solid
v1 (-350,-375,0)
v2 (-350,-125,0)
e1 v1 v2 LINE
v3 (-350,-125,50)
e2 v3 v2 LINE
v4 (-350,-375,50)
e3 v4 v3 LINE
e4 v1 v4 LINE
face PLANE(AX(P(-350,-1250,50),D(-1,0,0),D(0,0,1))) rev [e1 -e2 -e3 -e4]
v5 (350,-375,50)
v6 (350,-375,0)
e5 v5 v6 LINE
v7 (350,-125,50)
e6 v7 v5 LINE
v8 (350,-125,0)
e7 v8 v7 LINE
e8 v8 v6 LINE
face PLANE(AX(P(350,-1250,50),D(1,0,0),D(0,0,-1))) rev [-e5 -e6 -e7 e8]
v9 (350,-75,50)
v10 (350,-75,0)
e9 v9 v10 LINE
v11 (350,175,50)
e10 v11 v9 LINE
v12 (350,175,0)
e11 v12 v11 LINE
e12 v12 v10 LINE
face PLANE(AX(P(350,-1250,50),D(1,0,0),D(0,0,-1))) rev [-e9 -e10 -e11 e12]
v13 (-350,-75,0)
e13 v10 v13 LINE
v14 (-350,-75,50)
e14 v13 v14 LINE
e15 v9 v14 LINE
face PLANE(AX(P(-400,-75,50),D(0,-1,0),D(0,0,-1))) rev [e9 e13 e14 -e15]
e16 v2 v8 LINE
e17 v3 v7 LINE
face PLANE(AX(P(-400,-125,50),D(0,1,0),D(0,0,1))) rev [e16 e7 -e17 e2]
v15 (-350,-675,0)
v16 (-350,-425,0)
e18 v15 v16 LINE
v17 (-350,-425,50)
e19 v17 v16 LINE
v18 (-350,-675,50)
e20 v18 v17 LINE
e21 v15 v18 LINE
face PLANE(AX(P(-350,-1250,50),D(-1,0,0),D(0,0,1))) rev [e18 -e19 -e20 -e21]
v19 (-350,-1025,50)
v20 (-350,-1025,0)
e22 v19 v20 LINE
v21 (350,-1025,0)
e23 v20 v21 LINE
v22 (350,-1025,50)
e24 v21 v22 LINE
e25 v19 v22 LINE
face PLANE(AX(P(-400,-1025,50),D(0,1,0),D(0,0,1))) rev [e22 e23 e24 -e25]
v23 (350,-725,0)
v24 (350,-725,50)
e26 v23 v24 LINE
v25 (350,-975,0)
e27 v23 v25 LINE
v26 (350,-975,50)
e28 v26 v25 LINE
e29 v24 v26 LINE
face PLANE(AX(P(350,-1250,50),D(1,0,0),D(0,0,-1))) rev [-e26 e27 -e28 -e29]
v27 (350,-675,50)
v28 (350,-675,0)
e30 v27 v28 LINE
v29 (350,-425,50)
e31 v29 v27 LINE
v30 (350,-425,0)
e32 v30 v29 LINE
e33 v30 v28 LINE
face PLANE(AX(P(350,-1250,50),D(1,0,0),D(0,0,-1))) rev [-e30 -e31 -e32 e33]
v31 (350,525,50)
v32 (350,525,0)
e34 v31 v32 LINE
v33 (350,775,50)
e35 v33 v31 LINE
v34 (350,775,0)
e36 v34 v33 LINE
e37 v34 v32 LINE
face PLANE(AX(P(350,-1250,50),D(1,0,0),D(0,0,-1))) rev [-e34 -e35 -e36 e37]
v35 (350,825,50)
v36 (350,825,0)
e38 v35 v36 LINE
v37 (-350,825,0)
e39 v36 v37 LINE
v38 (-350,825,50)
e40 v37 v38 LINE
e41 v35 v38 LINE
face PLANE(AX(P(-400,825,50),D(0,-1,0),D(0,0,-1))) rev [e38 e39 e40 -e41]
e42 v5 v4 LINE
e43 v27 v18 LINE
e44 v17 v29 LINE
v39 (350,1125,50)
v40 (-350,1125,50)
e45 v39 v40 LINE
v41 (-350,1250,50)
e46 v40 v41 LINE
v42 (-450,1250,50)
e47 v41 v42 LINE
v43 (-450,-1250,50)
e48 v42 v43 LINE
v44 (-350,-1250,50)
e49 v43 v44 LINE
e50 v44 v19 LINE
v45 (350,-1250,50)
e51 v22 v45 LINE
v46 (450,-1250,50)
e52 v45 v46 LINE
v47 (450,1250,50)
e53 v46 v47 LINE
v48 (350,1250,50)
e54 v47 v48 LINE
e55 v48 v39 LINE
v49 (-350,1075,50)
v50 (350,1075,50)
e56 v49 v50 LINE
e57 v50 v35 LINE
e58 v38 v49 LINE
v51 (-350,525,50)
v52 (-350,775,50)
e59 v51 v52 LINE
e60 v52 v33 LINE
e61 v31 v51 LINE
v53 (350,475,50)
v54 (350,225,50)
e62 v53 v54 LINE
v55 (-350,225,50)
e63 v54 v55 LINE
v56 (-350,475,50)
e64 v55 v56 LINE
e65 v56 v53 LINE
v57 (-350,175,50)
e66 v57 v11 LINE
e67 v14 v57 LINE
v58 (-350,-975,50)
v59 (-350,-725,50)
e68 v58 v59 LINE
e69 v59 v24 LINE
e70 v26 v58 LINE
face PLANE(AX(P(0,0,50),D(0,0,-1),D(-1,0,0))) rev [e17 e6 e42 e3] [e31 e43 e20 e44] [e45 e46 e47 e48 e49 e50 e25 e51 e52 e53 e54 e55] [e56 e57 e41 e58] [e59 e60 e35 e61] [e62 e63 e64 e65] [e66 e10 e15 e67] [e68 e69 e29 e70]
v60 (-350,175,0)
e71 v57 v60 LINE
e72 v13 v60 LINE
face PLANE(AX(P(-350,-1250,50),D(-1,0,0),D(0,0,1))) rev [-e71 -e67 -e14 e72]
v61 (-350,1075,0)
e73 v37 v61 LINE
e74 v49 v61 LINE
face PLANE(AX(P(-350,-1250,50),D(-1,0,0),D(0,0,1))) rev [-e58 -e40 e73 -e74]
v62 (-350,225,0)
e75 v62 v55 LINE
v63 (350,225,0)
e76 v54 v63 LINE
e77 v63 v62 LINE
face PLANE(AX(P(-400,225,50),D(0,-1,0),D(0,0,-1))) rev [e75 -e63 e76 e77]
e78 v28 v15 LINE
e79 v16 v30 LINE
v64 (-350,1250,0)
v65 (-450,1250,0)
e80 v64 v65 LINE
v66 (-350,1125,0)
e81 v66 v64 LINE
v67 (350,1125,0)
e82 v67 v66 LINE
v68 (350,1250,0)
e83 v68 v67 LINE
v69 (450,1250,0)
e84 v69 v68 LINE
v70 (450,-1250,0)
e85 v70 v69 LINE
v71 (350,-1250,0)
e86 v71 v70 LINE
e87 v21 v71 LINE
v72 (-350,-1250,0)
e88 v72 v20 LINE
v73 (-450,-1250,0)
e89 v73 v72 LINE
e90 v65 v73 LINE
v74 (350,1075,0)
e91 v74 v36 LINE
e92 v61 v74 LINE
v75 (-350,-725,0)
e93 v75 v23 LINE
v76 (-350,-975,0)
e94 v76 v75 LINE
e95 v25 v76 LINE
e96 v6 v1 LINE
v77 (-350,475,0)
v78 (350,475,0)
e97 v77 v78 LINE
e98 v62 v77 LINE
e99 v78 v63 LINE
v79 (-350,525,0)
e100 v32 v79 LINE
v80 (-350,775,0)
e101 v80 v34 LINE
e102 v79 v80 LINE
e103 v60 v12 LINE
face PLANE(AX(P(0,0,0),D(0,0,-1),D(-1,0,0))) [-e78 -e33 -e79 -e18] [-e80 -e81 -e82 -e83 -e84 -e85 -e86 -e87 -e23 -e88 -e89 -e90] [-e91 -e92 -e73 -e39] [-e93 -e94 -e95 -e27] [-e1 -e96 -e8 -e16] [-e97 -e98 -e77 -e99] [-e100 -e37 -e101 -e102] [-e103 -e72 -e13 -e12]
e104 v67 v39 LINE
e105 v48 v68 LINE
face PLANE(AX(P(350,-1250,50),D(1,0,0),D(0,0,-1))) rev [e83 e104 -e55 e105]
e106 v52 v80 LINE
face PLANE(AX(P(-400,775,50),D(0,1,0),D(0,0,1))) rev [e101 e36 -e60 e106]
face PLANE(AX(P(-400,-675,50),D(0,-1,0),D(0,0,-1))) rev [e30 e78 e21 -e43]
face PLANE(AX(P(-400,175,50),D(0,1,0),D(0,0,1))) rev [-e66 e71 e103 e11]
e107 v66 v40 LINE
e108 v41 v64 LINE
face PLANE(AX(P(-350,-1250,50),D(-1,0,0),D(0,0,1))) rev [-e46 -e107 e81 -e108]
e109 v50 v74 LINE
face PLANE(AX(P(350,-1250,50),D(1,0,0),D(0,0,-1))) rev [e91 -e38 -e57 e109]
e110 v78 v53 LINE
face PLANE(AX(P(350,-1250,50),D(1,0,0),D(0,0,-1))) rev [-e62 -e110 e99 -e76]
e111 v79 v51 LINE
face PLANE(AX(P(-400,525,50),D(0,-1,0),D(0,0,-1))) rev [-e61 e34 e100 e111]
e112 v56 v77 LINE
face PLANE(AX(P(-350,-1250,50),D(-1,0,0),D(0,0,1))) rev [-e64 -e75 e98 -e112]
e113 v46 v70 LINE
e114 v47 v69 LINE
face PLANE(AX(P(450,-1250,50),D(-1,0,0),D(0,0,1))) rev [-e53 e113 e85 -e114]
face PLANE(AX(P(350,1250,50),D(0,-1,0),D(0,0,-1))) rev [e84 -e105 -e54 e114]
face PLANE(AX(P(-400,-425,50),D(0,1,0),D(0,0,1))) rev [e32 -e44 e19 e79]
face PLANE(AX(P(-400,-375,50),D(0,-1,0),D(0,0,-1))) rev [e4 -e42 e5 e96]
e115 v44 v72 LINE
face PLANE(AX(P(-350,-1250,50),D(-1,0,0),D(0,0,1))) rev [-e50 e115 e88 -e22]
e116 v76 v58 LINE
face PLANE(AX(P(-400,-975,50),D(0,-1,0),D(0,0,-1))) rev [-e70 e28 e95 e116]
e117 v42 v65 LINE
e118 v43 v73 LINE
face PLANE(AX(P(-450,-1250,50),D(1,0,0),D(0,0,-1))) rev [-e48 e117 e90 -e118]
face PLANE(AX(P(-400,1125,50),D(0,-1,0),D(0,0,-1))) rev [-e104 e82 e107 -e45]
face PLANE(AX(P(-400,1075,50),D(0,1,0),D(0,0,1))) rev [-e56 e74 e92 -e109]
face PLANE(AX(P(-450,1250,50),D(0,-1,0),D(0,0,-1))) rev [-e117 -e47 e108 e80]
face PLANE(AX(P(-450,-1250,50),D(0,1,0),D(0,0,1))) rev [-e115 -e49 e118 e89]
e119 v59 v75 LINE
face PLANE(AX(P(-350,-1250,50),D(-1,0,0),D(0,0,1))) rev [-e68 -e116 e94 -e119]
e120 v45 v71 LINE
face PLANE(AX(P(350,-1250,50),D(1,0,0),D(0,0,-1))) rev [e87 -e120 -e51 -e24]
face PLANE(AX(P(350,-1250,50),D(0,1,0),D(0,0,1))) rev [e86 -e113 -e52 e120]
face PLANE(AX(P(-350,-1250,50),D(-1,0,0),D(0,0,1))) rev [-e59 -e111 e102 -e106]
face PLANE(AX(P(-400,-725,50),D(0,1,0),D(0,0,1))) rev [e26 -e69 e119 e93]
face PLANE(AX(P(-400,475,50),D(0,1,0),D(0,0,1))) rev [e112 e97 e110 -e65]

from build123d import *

# Parameters (mm, degrees)
SKETCH_1_W       = 100
SKETCH_1_H       = 2500
EXTRUDE_1_DEPTH  = 50
SKETCH_2_W       = 100
SKETCH_2_H       = 2500
EXTRUDE_2_DEPTH  = 50
SKETCH_3_W       = 800
SKETCH_3_H       = 50
EXTRUDE_3_DEPTH  = 50
SKETCH_4_W       = 800
SKETCH_4_H       = 50
EXTRUDE_4_DEPTH  = 50
SKETCH_5_W       = 800
SKETCH_5_H       = 50
EXTRUDE_5_DEPTH  = 50
SKETCH_6_W       = 800
SKETCH_6_H       = 50
EXTRUDE_6_DEPTH  = 50
SKETCH_7_W       = 800
SKETCH_7_H       = 50
EXTRUDE_7_DEPTH  = 50
SKETCH_8_W       = 800
SKETCH_8_H       = 50
EXTRUDE_8_DEPTH  = 50
SKETCH_9_W       = 800
SKETCH_9_H       = 50
EXTRUDE_9_DEPTH  = 50
SKETCH_10_W      = 800
SKETCH_10_H      = 50
EXTRUDE_10_DEPTH = 50


with BuildPart() as part:
    # 草图1 → 凸台-拉伸1 (new body)
    with BuildSketch(Plane.XY):
        with Locations((-400, 0)):
            Rectangle(SKETCH_1_W, SKETCH_1_H)
    extrude(amount=EXTRUDE_1_DEPTH)



with BuildPart() as body_2:
    # 草图2 → 凸台-拉伸2 (new body)
    with BuildSketch(Plane.XY):
        with Locations((400, 0)):
            Rectangle(SKETCH_2_W, SKETCH_2_H)
    extrude(amount=EXTRUDE_2_DEPTH)


with BuildPart() as part_1:
    add(part.part)

    add(body_2.part)  # 凸台-拉伸3 merges body 2
    # 草图3 → 凸台-拉伸3 (add)
    with BuildSketch(Plane.XY):
        with Locations((0, 1100)):
            Rectangle(SKETCH_3_W, SKETCH_3_H)
    extrude(amount=EXTRUDE_3_DEPTH)

    # 草图4 → 凸台-拉伸4 (add)
    with BuildSketch(Plane.XY):
        with Locations((0, 800)):
            Rectangle(SKETCH_4_W, SKETCH_4_H)
    extrude(amount=EXTRUDE_4_DEPTH)

    # 草图5 → 凸台-拉伸5 (add)
    with BuildSketch(Plane.XY):
        with Locations((0, 500)):
            Rectangle(SKETCH_5_W, SKETCH_5_H)
    extrude(amount=EXTRUDE_5_DEPTH)

    # 草图6 → 凸台-拉伸6 (add)
    with BuildSketch(Plane.XY):
        with Locations((0, 200)):
            Rectangle(SKETCH_6_W, SKETCH_6_H)
    extrude(amount=EXTRUDE_6_DEPTH)

    # 草图7 → 凸台-拉伸7 (add)
    with BuildSketch(Plane.XY):
        with Locations((0, -100)):
            Rectangle(SKETCH_7_W, SKETCH_7_H)
    extrude(amount=EXTRUDE_7_DEPTH)

    # 草图8 → 凸台-拉伸8 (add)
    with BuildSketch(Plane.XY):
        with Locations((0, -400)):
            Rectangle(SKETCH_8_W, SKETCH_8_H)
    extrude(amount=EXTRUDE_8_DEPTH)

    # 草图9 → 凸台-拉伸9 (add)
    with BuildSketch(Plane.XY):
        with Locations((0, -700)):
            Rectangle(SKETCH_9_W, SKETCH_9_H)
    extrude(amount=EXTRUDE_9_DEPTH)

    # 草图10 → 凸台-拉伸10 (add)
    with BuildSketch(Plane.XY):
        with Locations((0, -1000)):
            Rectangle(SKETCH_10_W, SKETCH_10_H)
    extrude(amount=EXTRUDE_10_DEPTH)


solid = part_1.part
